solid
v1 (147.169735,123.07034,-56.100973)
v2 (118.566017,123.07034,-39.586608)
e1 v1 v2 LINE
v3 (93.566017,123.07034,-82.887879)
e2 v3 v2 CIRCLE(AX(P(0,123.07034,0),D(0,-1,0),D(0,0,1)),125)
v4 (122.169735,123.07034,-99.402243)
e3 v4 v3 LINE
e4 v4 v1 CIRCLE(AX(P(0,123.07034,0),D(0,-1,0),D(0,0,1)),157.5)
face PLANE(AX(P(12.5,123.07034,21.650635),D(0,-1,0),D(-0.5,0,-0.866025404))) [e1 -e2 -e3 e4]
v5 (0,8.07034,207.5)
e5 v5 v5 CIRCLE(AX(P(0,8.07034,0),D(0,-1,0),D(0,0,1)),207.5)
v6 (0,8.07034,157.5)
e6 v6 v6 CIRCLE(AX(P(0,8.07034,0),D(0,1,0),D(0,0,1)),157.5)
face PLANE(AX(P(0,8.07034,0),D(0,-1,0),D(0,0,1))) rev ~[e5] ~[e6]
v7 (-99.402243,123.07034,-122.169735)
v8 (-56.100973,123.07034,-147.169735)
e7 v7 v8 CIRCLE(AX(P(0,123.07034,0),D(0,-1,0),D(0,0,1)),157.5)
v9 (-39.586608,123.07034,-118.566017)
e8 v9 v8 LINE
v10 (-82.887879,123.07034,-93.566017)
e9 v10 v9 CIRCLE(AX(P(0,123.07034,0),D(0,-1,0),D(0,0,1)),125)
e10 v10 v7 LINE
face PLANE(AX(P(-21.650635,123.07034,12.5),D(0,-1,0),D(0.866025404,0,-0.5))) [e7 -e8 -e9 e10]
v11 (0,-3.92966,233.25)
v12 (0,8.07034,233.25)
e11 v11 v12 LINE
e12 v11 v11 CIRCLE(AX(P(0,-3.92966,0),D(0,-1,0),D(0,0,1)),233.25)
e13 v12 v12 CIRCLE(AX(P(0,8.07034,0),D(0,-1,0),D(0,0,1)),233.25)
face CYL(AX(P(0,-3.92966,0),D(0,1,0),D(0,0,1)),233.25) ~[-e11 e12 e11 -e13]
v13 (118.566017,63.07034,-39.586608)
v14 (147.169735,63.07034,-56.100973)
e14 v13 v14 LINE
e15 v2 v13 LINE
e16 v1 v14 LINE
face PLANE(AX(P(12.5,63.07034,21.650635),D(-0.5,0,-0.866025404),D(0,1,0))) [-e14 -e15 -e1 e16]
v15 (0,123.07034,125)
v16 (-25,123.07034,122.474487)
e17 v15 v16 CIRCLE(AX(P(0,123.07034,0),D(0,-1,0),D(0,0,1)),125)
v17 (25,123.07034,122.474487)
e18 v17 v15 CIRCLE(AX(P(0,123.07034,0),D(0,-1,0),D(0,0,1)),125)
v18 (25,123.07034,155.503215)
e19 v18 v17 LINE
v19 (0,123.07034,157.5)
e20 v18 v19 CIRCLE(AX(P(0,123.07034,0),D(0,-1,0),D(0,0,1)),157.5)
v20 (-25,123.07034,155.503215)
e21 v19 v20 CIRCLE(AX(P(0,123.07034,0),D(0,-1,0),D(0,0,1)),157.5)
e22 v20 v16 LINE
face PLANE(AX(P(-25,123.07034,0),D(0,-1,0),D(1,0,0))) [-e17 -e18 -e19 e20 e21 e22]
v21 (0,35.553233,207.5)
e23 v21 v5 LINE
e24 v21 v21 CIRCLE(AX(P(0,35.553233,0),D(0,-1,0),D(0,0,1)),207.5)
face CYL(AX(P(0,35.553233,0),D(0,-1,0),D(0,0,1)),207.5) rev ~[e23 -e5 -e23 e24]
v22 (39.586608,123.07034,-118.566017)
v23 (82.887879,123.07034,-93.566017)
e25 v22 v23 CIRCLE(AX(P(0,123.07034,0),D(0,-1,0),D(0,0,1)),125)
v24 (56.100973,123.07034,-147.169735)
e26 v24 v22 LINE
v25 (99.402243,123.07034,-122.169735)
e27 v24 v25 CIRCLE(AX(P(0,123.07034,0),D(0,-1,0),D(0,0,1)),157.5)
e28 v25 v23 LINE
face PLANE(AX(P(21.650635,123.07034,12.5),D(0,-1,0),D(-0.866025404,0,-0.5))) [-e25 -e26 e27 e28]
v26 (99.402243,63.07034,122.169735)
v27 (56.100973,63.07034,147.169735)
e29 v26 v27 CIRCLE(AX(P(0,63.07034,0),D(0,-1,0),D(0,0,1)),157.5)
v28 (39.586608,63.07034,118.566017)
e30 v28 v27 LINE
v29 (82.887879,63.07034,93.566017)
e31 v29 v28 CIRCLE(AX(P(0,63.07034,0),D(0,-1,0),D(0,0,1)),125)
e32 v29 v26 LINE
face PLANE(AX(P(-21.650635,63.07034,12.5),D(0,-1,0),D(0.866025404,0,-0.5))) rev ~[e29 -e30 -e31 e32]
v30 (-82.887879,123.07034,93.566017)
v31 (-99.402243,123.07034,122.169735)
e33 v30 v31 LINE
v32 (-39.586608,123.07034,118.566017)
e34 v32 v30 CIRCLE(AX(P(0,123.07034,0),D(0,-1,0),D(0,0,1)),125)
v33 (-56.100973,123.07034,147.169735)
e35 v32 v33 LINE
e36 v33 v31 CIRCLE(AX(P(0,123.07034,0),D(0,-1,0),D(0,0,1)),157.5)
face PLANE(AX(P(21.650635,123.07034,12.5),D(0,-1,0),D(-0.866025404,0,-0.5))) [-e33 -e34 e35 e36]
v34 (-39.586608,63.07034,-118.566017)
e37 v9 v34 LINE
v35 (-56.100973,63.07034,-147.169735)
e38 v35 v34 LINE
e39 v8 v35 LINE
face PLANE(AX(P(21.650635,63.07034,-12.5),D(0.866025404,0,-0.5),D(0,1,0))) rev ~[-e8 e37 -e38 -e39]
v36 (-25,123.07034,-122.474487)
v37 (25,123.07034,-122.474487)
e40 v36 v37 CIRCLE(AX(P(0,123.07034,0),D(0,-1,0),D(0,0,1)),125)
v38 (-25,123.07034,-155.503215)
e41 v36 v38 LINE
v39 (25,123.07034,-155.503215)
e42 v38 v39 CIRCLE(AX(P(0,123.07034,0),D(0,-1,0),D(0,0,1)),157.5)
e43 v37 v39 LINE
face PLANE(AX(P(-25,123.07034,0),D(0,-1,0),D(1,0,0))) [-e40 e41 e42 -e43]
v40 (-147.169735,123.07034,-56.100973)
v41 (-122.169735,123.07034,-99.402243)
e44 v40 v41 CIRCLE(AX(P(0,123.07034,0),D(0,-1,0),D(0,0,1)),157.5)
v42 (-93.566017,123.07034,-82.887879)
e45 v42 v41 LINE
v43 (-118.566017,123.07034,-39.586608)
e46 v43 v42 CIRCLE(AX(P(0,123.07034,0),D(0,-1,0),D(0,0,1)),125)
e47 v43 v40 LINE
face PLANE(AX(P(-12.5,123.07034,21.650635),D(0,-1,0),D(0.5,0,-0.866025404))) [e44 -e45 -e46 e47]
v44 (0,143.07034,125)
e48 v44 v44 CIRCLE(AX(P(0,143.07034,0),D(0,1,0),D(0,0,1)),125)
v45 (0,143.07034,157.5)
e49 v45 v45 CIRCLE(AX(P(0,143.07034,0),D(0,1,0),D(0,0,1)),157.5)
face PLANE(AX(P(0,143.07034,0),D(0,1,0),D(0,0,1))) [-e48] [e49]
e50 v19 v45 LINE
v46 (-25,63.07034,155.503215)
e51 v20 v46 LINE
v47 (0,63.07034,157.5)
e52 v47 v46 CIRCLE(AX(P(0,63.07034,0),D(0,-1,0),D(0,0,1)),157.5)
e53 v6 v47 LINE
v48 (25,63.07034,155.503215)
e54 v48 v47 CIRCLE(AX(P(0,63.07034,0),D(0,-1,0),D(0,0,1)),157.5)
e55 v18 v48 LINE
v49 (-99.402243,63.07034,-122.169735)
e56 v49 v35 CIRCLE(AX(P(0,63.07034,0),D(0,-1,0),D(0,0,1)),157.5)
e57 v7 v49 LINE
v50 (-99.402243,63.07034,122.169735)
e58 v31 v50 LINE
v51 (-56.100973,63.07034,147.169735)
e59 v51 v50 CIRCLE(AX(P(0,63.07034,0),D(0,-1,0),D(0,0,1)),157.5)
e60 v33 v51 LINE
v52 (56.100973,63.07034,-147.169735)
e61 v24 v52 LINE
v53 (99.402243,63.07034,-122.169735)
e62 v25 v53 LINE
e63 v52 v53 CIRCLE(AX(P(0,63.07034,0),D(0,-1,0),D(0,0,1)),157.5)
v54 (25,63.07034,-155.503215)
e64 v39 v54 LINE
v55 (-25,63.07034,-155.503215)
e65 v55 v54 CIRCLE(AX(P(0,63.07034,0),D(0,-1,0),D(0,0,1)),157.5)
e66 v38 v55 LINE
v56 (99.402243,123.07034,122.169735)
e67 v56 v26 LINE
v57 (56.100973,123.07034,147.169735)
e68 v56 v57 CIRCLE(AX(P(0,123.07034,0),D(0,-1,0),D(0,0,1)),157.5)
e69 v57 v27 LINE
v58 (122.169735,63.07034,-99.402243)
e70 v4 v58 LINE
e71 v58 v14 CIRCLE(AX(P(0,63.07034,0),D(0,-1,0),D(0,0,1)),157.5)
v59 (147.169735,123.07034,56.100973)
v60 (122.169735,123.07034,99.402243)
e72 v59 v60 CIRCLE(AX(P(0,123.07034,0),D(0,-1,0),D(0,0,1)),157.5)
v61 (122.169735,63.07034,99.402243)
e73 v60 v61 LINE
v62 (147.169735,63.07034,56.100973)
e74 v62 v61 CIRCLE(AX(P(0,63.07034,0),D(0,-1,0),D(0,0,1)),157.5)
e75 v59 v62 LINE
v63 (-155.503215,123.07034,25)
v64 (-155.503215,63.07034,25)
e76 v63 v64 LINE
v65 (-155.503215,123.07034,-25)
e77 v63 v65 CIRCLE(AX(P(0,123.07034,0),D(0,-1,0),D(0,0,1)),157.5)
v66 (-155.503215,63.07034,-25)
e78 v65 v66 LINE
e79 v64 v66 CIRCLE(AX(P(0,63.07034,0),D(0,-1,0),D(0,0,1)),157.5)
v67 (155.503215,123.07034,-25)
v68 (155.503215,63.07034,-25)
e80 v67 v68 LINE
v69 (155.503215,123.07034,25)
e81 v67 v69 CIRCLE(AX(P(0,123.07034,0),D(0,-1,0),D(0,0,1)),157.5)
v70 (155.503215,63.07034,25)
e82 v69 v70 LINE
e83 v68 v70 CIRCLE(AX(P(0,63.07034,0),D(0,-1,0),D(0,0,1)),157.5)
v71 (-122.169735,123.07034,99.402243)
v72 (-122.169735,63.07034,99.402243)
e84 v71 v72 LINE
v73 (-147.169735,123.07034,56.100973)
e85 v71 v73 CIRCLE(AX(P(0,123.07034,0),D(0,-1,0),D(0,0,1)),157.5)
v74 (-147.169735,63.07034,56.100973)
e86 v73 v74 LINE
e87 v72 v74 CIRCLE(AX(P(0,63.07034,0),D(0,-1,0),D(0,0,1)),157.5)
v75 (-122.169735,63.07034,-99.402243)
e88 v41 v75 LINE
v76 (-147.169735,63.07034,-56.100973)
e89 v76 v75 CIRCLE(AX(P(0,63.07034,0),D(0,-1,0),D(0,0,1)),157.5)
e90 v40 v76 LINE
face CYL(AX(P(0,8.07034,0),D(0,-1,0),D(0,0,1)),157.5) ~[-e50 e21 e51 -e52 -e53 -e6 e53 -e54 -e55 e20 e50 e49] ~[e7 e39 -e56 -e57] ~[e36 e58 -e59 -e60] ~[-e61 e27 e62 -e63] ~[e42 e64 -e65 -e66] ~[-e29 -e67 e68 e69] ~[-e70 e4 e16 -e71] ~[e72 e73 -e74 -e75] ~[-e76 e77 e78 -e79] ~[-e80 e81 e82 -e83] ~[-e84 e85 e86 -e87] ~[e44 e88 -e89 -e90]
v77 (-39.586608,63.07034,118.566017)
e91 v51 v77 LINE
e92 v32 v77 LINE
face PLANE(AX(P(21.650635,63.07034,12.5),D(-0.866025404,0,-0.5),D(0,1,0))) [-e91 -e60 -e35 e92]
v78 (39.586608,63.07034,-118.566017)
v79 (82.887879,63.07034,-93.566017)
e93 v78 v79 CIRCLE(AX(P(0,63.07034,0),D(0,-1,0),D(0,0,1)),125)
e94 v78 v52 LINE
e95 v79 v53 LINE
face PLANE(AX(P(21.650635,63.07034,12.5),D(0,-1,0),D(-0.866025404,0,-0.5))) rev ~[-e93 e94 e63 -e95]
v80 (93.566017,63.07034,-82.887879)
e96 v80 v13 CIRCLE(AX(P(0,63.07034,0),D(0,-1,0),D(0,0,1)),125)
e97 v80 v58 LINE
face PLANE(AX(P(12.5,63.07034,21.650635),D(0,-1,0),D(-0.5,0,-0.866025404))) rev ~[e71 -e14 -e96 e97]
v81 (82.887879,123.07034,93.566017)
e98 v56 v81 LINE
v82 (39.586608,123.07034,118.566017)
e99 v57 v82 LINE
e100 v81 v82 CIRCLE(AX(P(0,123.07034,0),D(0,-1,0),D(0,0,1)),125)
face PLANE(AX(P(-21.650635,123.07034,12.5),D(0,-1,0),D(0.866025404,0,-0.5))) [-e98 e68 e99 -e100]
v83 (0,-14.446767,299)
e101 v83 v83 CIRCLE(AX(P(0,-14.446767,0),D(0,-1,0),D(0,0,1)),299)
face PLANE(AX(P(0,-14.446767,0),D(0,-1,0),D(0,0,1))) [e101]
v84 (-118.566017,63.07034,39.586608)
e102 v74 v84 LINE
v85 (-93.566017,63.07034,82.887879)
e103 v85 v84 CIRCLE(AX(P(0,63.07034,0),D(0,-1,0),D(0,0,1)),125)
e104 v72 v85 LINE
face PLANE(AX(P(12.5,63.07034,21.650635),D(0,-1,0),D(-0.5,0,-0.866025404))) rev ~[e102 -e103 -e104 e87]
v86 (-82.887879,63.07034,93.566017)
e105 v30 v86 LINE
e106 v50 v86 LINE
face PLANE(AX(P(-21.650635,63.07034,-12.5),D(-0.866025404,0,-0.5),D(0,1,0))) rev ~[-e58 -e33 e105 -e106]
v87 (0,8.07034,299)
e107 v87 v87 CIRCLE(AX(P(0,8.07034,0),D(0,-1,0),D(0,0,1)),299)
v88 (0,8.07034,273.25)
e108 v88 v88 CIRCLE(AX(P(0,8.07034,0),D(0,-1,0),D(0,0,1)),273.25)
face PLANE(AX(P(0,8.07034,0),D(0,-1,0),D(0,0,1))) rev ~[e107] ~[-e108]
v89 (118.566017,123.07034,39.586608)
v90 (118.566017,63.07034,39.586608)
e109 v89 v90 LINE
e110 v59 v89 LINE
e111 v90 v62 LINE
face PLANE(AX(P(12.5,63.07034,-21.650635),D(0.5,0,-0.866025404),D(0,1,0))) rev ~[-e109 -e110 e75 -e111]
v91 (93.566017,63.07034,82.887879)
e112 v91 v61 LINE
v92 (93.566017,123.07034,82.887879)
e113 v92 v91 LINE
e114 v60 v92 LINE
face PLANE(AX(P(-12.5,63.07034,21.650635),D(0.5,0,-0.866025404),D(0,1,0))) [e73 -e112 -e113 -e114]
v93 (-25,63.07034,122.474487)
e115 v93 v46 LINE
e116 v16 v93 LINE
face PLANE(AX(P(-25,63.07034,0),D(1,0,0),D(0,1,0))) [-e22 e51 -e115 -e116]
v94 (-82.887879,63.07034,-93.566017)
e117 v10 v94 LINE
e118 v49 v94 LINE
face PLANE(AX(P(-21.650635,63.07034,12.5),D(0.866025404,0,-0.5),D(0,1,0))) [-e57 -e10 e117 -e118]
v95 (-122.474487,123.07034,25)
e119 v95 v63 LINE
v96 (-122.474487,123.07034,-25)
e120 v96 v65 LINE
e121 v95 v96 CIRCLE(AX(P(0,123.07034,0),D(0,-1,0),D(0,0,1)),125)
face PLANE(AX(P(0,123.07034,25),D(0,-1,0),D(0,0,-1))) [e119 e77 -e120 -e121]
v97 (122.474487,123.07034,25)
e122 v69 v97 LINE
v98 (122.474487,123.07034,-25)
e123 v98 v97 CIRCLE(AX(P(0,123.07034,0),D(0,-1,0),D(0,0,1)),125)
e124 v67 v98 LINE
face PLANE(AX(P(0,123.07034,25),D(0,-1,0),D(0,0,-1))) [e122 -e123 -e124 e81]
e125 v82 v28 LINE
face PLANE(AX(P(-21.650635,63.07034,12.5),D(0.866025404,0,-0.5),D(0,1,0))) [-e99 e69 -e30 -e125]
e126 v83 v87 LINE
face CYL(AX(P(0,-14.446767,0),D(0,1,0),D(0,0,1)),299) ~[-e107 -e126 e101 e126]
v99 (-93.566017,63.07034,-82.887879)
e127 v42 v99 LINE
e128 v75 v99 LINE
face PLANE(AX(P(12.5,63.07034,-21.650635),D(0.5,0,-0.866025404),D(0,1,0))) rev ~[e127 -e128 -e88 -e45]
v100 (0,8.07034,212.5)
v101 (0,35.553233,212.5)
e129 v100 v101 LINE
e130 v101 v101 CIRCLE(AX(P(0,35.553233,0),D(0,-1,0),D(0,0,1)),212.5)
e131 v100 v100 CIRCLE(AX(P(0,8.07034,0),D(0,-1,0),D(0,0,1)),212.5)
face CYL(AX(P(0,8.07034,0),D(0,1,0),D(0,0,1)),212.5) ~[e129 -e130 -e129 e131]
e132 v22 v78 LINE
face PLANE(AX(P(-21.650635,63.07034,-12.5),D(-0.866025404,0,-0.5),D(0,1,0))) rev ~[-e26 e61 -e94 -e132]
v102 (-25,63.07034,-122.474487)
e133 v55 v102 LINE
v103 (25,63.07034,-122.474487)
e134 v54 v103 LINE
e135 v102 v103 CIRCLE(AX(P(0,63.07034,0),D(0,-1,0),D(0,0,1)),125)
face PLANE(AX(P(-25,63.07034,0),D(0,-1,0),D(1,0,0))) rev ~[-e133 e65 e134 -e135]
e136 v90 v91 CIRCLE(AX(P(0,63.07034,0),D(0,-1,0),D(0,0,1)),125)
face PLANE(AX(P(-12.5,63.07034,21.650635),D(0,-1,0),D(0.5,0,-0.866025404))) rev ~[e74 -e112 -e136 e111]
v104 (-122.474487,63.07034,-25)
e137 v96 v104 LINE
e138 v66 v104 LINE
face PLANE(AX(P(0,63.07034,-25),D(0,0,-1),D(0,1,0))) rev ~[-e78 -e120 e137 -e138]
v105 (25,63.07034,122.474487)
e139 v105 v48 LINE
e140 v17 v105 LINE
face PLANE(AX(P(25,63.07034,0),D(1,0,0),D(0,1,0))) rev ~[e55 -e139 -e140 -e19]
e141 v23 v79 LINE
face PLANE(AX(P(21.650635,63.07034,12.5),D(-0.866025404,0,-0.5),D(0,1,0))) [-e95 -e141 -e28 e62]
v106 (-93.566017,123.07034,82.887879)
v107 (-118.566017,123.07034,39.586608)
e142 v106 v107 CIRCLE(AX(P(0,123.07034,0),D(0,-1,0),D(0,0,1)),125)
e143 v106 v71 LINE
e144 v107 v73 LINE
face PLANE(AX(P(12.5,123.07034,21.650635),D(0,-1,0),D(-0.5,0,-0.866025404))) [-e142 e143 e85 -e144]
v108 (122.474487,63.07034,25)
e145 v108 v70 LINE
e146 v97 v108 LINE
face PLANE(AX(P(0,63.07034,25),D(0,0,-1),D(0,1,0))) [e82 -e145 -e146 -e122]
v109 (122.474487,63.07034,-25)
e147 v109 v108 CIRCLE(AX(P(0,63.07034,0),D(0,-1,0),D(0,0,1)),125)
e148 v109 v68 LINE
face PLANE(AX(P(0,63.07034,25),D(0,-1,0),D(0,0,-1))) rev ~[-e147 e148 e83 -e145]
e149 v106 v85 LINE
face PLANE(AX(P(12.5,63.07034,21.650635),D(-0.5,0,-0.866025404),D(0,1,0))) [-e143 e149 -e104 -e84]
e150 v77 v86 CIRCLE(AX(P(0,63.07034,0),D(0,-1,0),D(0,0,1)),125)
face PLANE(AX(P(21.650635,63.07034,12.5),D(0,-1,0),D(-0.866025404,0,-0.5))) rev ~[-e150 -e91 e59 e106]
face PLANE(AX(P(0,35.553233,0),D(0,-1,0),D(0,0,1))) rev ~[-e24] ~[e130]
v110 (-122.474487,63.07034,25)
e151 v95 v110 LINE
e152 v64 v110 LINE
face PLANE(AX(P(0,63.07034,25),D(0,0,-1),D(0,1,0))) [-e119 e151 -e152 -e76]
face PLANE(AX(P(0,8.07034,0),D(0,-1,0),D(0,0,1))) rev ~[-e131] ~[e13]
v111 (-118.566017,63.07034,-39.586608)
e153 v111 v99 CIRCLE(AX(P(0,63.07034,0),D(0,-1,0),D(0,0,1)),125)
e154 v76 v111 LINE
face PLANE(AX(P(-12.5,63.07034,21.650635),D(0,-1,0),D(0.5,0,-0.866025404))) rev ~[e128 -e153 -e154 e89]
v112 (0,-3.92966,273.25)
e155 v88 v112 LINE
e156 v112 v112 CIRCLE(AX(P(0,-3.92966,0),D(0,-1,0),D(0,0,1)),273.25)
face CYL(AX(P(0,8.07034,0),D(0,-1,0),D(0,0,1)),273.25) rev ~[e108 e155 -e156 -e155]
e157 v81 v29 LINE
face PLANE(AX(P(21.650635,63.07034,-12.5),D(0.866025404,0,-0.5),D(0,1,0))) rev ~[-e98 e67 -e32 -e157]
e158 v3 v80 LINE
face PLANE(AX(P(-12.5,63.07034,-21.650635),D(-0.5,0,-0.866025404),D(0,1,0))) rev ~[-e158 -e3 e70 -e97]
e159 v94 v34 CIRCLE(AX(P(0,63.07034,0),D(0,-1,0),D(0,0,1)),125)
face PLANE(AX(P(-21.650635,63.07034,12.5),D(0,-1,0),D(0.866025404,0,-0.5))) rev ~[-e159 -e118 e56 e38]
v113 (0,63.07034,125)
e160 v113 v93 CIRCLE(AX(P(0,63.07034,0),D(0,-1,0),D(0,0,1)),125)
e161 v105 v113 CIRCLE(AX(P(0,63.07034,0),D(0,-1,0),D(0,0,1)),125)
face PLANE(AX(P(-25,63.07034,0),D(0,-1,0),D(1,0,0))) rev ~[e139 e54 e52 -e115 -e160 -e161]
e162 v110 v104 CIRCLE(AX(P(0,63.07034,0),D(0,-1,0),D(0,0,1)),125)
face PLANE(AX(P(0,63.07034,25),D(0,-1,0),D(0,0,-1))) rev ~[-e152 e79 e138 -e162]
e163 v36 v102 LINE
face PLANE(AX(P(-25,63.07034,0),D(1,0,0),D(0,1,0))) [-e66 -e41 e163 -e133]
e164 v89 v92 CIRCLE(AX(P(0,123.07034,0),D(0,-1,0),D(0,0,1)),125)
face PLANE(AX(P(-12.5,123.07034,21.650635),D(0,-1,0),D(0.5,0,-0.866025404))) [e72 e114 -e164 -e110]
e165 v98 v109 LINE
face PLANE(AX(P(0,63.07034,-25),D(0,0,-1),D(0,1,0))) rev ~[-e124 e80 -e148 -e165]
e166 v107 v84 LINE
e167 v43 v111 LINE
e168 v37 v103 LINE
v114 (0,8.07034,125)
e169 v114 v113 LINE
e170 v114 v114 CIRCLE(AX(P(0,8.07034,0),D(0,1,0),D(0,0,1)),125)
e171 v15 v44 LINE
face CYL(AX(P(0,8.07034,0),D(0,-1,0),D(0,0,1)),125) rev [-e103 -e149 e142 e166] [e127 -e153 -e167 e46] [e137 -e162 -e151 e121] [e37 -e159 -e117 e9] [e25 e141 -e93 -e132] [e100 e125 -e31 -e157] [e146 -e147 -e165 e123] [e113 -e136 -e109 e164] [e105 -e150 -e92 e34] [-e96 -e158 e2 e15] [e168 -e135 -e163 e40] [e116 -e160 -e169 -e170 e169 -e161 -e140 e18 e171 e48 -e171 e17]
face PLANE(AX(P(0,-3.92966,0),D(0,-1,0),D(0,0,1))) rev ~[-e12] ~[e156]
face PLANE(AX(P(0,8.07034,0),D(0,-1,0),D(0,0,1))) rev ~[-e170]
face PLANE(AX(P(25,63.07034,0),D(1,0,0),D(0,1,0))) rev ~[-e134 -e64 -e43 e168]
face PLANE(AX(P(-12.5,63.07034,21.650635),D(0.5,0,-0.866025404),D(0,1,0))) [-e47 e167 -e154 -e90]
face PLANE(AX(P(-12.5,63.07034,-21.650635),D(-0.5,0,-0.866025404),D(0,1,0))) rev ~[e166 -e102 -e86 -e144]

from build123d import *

# Parameters (mm, degrees)
SKETCH4_R           = 157.5
SKETCH4_R_2         = 125
BOSS_EXTRUDE1_DEPTH = 135
SKETCH5_W           = 50
SKETCH5_H           = 60
CUT_EXTRUDE1_DEPTH  = 447.397941427
CIRPATTERN1_COUNT   = 12


with BuildPart() as part:
    # Sketch3 → Revolve1 (revolve)
    with BuildSketch(Plane(origin=(0, 0, 0), x_dir=(0, 0, -1), z_dir=(1, 0, 0))):
        Polygon((-212.5, 8.070339729), (-212.5, 35.553232656), (-207.5, 35.553232656), (-207.5, 8.070339729), (0, 8.070339729), (0, -14.446767344), (-207.5, -14.446767344), (-299, -14.446767344), (-299, 8.070339729), (-273.25, 8.070339729), (-273.25, -3.929660271), (-233.25, -3.929660271), (-233.25, 8.070339729), align=None)
    revolve(axis=Axis((0, 120.738006406, 0), (0, -1, 0)))

    # Sketch4 → Boss-Extrude1 (add)
    with BuildSketch(Plane(origin=(0, 8.070339729, 0), x_dir=(1, 0, 0), z_dir=(0, 1, 0))):
        with Locations(Location((0, 0, 0), (0, 0, 270))):
            Circle(SKETCH4_R)
        with Locations(Location((0, 0, 0), (0, 0, 270))):
            Circle(SKETCH4_R_2, mode=Mode.SUBTRACT)
    extrude(amount=BOSS_EXTRUDE1_DEPTH)

    # Sketch5 → Cut-Extrude1 (cut, symmetric)
    with BuildSketch(Plane.XY):
        with Locations((0, 93.070339729)):
            Rectangle(SKETCH5_W, SKETCH5_H)
    cut_extrude1 = extrude(amount=CUT_EXTRUDE1_DEPTH, both=True, mode=Mode.SUBTRACT)

    # CirPattern1: Cut-Extrude1 ×12 about axis
    cirpattern1_axis = Axis((0, 0, 0), (0, 1, 0))
    for i in range(1, CIRPATTERN1_COUNT):
        add(cut_extrude1.rotate(cirpattern1_axis, i * 360 / CIRPATTERN1_COUNT), mode=Mode.SUBTRACT)


solid = part.part
